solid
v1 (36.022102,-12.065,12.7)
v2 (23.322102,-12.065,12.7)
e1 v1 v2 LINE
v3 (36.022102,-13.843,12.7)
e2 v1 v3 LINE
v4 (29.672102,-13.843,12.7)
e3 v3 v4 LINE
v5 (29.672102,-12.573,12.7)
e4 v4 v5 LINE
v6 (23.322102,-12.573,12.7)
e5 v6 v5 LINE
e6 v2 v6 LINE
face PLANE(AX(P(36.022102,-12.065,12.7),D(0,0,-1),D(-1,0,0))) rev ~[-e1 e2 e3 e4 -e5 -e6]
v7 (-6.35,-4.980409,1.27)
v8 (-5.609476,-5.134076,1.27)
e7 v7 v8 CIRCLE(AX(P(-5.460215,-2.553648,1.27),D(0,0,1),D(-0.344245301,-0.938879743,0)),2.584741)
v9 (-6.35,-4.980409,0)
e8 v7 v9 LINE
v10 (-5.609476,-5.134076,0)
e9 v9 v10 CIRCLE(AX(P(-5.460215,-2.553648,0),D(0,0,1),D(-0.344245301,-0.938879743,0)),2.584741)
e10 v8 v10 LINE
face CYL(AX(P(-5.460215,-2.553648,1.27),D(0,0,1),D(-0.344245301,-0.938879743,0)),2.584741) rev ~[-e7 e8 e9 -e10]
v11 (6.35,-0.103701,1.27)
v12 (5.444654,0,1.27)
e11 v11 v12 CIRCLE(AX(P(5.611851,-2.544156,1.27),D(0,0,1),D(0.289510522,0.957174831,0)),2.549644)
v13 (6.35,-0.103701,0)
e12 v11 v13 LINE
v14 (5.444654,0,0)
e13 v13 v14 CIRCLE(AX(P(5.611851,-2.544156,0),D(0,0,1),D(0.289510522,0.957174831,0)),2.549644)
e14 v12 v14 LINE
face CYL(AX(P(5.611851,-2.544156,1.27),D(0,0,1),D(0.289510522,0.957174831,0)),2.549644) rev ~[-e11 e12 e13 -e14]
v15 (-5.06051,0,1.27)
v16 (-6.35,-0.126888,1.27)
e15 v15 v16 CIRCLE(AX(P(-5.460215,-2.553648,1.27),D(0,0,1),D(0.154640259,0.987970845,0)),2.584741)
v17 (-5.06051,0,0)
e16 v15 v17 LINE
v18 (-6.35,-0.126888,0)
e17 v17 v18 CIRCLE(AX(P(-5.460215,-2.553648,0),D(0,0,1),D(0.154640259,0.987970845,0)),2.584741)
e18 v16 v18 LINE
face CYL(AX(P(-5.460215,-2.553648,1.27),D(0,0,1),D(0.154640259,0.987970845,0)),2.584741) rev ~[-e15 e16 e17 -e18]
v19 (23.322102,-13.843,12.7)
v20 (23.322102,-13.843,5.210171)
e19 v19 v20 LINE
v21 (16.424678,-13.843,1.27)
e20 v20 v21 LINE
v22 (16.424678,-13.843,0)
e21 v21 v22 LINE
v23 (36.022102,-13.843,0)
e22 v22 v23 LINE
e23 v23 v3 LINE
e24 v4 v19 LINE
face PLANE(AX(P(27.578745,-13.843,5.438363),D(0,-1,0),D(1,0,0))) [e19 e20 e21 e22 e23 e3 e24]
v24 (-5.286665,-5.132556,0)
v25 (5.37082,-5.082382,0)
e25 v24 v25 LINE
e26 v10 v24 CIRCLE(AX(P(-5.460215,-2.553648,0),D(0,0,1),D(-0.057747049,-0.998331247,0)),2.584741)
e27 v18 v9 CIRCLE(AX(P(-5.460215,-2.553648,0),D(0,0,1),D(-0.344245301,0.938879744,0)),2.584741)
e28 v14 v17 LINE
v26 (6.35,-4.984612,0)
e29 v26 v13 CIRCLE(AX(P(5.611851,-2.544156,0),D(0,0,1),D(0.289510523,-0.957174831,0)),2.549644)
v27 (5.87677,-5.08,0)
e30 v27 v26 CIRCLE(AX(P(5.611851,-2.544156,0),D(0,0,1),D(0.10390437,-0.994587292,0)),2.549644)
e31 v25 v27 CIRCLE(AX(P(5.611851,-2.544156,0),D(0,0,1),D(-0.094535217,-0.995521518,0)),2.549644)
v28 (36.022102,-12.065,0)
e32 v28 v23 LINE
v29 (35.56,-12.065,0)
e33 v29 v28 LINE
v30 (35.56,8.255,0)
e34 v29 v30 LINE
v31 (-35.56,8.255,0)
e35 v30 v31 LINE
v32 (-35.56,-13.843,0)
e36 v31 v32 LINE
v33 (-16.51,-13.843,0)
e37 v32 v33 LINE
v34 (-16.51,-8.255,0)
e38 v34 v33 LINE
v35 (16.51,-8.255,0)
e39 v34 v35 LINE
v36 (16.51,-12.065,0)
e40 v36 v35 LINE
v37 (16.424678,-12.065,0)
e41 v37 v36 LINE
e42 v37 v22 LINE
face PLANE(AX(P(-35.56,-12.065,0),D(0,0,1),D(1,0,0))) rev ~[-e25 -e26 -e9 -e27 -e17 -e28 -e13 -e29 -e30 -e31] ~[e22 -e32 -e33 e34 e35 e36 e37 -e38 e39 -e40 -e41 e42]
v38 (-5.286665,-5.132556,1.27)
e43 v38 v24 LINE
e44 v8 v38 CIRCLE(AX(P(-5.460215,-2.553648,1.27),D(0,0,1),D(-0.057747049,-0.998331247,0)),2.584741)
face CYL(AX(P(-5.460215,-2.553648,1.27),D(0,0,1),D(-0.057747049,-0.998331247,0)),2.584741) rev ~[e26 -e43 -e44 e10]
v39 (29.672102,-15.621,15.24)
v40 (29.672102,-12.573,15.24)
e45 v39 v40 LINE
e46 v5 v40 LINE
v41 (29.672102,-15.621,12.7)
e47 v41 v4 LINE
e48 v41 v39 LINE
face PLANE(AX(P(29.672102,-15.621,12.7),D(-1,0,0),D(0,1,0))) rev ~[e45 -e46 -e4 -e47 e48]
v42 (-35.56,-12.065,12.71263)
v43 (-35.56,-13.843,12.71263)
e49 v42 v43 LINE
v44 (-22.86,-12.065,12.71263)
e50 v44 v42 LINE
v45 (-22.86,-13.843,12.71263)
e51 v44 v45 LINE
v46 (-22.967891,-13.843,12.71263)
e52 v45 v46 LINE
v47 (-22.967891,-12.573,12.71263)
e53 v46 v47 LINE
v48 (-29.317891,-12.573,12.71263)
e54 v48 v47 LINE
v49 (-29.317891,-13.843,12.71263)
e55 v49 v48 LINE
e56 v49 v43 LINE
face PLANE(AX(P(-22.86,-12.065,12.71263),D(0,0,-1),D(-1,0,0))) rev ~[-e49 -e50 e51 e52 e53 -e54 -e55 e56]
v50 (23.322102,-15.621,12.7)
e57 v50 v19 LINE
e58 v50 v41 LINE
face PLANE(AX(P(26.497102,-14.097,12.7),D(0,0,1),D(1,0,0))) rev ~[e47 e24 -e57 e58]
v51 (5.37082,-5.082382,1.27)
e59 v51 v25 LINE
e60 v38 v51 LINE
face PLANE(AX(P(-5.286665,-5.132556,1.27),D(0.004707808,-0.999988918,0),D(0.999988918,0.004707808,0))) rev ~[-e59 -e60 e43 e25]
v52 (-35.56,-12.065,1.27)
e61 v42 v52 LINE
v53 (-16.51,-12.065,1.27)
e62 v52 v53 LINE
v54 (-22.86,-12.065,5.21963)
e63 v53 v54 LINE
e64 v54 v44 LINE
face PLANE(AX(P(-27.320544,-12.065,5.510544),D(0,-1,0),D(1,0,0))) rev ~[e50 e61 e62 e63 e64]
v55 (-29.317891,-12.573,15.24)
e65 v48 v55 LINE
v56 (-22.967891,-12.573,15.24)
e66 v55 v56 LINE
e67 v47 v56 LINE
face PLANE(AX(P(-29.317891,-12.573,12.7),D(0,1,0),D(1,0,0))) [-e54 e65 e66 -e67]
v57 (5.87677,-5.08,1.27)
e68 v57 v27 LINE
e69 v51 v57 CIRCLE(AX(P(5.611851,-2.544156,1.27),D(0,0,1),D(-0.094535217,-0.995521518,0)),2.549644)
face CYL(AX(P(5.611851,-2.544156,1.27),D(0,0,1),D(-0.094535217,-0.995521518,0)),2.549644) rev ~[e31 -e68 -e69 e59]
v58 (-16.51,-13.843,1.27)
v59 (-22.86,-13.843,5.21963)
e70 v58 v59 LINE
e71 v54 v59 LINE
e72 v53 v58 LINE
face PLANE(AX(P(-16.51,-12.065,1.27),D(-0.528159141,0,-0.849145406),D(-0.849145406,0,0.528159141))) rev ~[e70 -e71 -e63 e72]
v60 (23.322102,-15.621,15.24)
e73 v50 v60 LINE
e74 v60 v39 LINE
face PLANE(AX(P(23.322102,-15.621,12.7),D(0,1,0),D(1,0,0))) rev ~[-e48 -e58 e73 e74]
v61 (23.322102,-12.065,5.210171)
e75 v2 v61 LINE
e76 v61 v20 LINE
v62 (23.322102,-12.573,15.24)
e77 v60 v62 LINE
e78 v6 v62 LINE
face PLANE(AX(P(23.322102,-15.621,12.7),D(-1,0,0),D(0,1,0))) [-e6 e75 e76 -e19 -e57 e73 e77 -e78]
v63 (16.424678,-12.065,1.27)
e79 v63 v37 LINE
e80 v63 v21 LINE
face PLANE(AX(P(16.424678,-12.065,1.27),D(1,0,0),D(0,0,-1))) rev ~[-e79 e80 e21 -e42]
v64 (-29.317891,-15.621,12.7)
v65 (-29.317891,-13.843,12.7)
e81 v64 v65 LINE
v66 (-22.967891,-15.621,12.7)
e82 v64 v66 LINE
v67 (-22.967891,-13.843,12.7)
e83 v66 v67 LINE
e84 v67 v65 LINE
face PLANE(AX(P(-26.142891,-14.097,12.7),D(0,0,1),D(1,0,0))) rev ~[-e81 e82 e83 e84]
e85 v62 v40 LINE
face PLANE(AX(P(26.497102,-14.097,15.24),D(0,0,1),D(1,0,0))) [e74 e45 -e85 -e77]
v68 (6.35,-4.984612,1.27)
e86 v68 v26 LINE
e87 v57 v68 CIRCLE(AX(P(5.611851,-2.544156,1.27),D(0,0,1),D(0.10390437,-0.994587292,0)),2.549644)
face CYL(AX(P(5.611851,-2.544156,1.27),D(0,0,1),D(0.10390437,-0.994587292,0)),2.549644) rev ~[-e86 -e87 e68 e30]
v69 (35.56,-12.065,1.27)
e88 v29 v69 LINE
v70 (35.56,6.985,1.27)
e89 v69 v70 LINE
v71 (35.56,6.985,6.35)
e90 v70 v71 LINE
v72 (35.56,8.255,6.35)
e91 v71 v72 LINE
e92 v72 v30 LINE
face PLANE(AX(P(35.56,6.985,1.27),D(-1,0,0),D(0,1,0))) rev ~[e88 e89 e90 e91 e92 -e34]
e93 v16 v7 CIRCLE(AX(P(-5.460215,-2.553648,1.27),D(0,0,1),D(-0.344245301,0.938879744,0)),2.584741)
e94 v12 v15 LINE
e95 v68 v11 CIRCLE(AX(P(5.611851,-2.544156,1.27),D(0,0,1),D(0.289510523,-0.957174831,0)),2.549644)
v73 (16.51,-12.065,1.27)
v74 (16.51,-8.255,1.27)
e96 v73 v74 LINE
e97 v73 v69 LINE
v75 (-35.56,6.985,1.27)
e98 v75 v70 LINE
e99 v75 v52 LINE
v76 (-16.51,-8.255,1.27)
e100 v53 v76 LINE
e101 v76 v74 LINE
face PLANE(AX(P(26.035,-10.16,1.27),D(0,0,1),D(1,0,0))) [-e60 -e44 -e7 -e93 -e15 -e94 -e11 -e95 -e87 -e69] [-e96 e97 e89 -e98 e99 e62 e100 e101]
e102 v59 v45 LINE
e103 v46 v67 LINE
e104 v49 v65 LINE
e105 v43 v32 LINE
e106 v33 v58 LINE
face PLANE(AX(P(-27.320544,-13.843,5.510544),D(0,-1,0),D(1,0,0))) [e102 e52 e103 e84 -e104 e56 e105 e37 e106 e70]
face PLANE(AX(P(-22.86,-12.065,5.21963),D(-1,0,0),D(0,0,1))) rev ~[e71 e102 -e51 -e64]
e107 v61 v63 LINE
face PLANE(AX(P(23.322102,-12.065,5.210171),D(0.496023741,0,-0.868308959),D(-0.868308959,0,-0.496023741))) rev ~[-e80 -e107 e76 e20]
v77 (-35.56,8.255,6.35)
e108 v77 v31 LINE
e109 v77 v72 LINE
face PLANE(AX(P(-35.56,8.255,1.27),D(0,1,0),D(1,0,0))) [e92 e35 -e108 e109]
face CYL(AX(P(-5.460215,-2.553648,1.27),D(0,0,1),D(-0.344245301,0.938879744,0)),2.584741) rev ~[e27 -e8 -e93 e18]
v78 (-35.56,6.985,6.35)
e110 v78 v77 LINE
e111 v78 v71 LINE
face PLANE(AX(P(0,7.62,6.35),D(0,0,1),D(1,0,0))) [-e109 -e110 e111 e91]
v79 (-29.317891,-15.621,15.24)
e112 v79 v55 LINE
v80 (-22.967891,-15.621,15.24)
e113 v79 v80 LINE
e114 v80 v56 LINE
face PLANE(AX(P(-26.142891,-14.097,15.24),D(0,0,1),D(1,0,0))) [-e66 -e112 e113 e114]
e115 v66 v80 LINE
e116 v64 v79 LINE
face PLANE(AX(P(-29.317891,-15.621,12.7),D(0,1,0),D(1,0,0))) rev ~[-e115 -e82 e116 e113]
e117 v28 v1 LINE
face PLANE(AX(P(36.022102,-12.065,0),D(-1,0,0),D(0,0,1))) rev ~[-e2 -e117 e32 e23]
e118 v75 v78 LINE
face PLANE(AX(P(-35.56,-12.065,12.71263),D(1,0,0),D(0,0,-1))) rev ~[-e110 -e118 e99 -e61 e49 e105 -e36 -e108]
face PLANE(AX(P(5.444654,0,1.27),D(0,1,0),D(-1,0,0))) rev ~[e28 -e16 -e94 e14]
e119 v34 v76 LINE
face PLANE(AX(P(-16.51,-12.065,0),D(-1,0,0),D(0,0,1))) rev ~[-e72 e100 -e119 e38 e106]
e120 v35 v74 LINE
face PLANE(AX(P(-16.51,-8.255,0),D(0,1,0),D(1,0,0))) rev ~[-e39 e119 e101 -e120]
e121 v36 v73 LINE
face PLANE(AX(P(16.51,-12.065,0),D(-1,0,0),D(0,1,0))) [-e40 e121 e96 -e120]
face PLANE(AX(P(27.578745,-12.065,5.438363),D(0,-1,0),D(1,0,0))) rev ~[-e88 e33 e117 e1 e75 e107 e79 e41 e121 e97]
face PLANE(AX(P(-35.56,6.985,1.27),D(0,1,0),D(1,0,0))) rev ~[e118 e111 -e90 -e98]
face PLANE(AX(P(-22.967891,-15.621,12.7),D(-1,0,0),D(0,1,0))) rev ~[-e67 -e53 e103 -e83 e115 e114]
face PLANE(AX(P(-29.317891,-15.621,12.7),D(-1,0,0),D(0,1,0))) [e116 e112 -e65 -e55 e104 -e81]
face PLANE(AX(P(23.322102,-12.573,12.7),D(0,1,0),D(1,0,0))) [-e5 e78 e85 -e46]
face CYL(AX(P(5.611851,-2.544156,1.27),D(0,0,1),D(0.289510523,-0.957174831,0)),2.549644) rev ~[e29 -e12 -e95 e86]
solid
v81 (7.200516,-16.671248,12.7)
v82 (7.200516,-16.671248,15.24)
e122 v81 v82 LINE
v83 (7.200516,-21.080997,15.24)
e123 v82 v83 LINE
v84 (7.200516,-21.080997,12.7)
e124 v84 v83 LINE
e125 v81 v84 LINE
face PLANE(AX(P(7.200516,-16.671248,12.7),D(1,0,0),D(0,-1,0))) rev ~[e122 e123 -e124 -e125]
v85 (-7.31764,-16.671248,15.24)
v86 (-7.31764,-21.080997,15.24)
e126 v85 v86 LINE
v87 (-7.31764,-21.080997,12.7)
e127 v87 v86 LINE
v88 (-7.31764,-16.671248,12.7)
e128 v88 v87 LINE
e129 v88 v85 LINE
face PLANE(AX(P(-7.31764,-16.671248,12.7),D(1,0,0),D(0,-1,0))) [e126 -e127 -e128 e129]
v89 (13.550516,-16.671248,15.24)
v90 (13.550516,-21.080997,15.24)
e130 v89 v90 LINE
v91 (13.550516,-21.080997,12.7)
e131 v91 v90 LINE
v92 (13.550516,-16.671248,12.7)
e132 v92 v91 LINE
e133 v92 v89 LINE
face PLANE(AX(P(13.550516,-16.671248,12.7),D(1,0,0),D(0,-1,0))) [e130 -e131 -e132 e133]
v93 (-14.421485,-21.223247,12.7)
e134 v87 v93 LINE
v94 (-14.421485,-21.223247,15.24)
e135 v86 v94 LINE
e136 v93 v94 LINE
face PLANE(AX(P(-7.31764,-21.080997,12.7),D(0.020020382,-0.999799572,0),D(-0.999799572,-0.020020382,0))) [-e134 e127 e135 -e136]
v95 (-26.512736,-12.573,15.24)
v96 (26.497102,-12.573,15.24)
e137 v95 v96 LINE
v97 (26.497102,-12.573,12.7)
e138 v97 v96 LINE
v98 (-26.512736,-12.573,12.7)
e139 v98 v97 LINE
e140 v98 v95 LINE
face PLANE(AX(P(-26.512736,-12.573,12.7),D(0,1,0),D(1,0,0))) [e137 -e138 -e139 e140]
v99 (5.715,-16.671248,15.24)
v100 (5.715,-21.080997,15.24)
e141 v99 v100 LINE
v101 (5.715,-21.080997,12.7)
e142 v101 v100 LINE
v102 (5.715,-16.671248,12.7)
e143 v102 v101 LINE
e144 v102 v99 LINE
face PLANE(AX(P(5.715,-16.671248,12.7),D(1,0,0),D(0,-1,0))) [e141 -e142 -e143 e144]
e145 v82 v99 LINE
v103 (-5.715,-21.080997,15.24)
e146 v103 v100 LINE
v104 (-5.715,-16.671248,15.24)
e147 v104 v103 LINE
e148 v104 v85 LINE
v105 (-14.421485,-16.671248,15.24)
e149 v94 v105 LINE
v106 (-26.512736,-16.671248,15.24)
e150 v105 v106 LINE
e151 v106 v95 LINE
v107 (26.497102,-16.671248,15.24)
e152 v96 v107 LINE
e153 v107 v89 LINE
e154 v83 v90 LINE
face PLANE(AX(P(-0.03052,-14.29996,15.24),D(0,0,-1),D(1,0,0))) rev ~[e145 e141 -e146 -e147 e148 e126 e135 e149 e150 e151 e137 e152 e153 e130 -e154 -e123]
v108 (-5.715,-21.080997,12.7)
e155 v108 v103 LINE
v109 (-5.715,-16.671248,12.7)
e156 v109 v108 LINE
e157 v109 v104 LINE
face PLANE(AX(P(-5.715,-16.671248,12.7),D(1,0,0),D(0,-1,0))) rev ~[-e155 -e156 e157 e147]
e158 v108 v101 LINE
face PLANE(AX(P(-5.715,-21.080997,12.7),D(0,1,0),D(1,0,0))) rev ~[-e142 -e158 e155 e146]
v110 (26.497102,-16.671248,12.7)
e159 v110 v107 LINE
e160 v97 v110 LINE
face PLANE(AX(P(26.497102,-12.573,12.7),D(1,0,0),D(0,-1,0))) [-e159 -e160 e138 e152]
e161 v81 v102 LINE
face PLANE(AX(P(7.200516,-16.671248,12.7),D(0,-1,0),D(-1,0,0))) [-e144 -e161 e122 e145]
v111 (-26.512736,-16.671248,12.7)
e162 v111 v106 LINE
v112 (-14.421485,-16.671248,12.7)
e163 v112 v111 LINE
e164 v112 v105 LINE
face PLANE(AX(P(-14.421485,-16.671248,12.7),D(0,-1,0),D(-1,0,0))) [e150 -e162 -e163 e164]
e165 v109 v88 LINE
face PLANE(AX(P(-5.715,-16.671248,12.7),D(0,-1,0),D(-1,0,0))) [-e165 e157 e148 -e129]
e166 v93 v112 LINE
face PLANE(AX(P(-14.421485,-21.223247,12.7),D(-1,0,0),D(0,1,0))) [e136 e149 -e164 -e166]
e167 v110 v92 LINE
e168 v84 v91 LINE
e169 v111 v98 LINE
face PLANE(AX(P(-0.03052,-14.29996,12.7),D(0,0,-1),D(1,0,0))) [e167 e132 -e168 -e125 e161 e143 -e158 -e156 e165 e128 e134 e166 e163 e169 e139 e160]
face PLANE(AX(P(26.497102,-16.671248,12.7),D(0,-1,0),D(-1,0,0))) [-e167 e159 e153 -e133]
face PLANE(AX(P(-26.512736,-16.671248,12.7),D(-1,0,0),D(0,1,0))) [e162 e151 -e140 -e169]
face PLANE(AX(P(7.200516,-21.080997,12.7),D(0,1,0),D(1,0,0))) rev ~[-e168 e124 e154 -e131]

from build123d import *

# Parameters (mm, degrees)
F0_W      = 19.05
F0_H      = 3.81
F1_DEPTH  = 1.27
F3_DEPTH  = 25.4
F4_W      = 71.12
F4_H      = 1.27
F5_DEPTH  = 5.08
F7_DEPTH  = 1.778
F8_W      = 6.35
F8_H      = 3.048
F9_DEPTH  = 2.54
F10_W     = 6.35
F10_H     = 2.1337494254
F10_H_2   = 4.4097490609
F10_W_2   = 11.43
F11_DEPTH = 2.54


with BuildPart() as f1:
    # F0 (on Top) → F1 (new body)
    with BuildSketch(Plane.XY):
        with Locations((26.035, -10.16)):
            Rectangle(F0_W, F0_H)
        Polygon((16.51, -8.255), (35.56, -8.255), (35.56, 8.255), (-35.56, 8.255), (-35.56, -8.255), (-16.51, -8.255), align=None)
        with Locations((-26.035, -10.16)):
            Rectangle(F0_W, F0_H)
    extrude(amount=F1_DEPTH)

    # F2 (on face) → F3 (cut)
    with BuildSketch(Plane.XY.offset(1.27)):
        with BuildLine():
            ThreePointArc((5.8767703432, -5.08), (6.1156478498, -5.043531091), (6.35, -4.984611534))
            Line((6.35, -4.984611534), (6.35, -0.1037009401))
            ThreePointArc((6.35, -0.1037009401), (5.9019976777, -0.0110749589), (5.4446542636, 0))
            Line((5.4446542636, 0), (-5.0605102442, 0))
            ThreePointArc((-5.0605102442, 0), (-5.7133351112, 0.018668554), (-6.35, -0.1268877624))
            Line((-6.35, -0.1268877624), (-6.35, -4.9804089291))
            ThreePointArc((-6.35, -4.9804089291), (-5.9853889631, -5.0844735945), (-5.6094763407, -5.1340756427))
            Line((-5.6094763407, -5.1340756427), (-5.2866646278, -5.1325558903))
            Line((-5.2866646278, -5.1325558903), (5.3708199921, -5.0823819435))
            Line((5.3708199921, -5.0823819435), (5.8767703432, -5.08))
        make_face()
        with BuildLine():
            Line((6.35, -0.1037009401), (6.35, -4.984611534))
            ThreePointArc((6.35, -4.984611534), (8.1614954052, -2.5441562371), (6.35, -0.1037009401))
        make_face()
        with BuildLine():
            ThreePointArc((5.3708199921, -5.0823819435), (5.6238543984, -5.0937722247), (5.8767703432, -5.08))
            Line((5.8767703432, -5.08), (5.3708199921, -5.0823819435))
        make_face()
        with BuildLine():
            ThreePointArc((-5.6094763407, -5.1340756427), (-5.4480467354, -5.1383602933), (-5.2866646278, -5.1325558903))
            Line((-5.2866646278, -5.1325558903), (-5.6094763407, -5.1340756427))
        make_face()
        with BuildLine():
            Line((-6.35, -4.9804089291), (-6.35, -0.1268877624))
            ThreePointArc((-6.35, -0.1268877624), (-8.0449557888, -2.5536483457), (-6.35, -4.9804089291))
        make_face()
    extrude(amount=-F3_DEPTH, mode=Mode.SUBTRACT)

    # F4 (on face) → F5 (join)
    with BuildSketch(Plane.XY.offset(1.27)):
        with Locations((0, 7.62)):
            Rectangle(F4_W, F4_H)
    extrude(amount=F5_DEPTH)

    # F6 (on face) → F7 (join)
    with BuildSketch(Plane.XZ.offset(12.065)):
        Polygon((-35.56, 12.7126304433), (-35.56, 0), (-16.51, 0), (-16.51, 1.27), (-22.86, 5.2196304433), (-22.86, 12.7126304433), align=None)
        Polygon((16.424678266, 0), (36.0221016824, 0), (36.0221016824, 12.7), (23.3221016824, 12.7), (23.3221016824, 5.210170988), (16.424678266, 1.27), align=None)
    extrude(amount=F7_DEPTH)

    # F8 (on face) → F9 (join)
    with BuildSketch(Plane.XY.offset(12.7)):
        with Locations((26.4971016824, -14.097)):
            Rectangle(F8_W, F8_H)
        with Locations((-26.1428912252, -14.097)):
            Rectangle(F8_W, F8_H)
    extrude(amount=F9_DEPTH)


with BuildPart() as f11:
    # F10 (on face) → F11 (new body)
    with BuildSketch(Plane(origin=(0, 0, 12.7), x_dir=(1, 0, 0), z_dir=(0, 0, -1))):
        Polygon((-26.5127364546, 12.573), (26.4971016824, 12.573), (26.4971016824, 16.6712477803), (13.550515829, 16.6712477803), (13.550515829, 14.5374983549), (7.200515829, 14.5374983549), (7.200515829, 16.6712477803), (5.715, 16.6712477803), (5.715, 14.5374983549), (-5.715, 14.5374983549), (-5.715, 16.6712477803), (-7.3176398873, 16.6712477803), (-7.3176398873, 14.418842271), (-14.4214853644, 14.5374983549), (-14.4214853644, 16.6712477803), (-26.5127364546, 16.6712477803), align=None)
        with Locations((10.375515829, 15.6043730676)):
            Rectangle(F10_W, F10_H)
        with Locations((10.375515829, 18.8761223108)):
            Rectangle(F10_W, F10_H_2)
        Polygon((-14.4214853644, 21.2232470512), (-14.4214853644, 16.6712477803), (-7.3176398873, 16.6712477803), (-7.3176398873, 21.0809968412), align=None)
        Polygon((-7.3176398873, 16.6712477803), (-14.4214853644, 16.6712477803), (-14.4214853644, 14.5374983549), (-7.3176398873, 14.418842271), align=None)
        with Locations((0, 15.6043730676)):
            Rectangle(F10_W_2, F10_H)
        with Locations((0, 18.8761223108)):
            Rectangle(F10_W_2, F10_H_2)
    extrude(amount=-F11_DEPTH)


solid = Compound([f1.part, f11.part])
